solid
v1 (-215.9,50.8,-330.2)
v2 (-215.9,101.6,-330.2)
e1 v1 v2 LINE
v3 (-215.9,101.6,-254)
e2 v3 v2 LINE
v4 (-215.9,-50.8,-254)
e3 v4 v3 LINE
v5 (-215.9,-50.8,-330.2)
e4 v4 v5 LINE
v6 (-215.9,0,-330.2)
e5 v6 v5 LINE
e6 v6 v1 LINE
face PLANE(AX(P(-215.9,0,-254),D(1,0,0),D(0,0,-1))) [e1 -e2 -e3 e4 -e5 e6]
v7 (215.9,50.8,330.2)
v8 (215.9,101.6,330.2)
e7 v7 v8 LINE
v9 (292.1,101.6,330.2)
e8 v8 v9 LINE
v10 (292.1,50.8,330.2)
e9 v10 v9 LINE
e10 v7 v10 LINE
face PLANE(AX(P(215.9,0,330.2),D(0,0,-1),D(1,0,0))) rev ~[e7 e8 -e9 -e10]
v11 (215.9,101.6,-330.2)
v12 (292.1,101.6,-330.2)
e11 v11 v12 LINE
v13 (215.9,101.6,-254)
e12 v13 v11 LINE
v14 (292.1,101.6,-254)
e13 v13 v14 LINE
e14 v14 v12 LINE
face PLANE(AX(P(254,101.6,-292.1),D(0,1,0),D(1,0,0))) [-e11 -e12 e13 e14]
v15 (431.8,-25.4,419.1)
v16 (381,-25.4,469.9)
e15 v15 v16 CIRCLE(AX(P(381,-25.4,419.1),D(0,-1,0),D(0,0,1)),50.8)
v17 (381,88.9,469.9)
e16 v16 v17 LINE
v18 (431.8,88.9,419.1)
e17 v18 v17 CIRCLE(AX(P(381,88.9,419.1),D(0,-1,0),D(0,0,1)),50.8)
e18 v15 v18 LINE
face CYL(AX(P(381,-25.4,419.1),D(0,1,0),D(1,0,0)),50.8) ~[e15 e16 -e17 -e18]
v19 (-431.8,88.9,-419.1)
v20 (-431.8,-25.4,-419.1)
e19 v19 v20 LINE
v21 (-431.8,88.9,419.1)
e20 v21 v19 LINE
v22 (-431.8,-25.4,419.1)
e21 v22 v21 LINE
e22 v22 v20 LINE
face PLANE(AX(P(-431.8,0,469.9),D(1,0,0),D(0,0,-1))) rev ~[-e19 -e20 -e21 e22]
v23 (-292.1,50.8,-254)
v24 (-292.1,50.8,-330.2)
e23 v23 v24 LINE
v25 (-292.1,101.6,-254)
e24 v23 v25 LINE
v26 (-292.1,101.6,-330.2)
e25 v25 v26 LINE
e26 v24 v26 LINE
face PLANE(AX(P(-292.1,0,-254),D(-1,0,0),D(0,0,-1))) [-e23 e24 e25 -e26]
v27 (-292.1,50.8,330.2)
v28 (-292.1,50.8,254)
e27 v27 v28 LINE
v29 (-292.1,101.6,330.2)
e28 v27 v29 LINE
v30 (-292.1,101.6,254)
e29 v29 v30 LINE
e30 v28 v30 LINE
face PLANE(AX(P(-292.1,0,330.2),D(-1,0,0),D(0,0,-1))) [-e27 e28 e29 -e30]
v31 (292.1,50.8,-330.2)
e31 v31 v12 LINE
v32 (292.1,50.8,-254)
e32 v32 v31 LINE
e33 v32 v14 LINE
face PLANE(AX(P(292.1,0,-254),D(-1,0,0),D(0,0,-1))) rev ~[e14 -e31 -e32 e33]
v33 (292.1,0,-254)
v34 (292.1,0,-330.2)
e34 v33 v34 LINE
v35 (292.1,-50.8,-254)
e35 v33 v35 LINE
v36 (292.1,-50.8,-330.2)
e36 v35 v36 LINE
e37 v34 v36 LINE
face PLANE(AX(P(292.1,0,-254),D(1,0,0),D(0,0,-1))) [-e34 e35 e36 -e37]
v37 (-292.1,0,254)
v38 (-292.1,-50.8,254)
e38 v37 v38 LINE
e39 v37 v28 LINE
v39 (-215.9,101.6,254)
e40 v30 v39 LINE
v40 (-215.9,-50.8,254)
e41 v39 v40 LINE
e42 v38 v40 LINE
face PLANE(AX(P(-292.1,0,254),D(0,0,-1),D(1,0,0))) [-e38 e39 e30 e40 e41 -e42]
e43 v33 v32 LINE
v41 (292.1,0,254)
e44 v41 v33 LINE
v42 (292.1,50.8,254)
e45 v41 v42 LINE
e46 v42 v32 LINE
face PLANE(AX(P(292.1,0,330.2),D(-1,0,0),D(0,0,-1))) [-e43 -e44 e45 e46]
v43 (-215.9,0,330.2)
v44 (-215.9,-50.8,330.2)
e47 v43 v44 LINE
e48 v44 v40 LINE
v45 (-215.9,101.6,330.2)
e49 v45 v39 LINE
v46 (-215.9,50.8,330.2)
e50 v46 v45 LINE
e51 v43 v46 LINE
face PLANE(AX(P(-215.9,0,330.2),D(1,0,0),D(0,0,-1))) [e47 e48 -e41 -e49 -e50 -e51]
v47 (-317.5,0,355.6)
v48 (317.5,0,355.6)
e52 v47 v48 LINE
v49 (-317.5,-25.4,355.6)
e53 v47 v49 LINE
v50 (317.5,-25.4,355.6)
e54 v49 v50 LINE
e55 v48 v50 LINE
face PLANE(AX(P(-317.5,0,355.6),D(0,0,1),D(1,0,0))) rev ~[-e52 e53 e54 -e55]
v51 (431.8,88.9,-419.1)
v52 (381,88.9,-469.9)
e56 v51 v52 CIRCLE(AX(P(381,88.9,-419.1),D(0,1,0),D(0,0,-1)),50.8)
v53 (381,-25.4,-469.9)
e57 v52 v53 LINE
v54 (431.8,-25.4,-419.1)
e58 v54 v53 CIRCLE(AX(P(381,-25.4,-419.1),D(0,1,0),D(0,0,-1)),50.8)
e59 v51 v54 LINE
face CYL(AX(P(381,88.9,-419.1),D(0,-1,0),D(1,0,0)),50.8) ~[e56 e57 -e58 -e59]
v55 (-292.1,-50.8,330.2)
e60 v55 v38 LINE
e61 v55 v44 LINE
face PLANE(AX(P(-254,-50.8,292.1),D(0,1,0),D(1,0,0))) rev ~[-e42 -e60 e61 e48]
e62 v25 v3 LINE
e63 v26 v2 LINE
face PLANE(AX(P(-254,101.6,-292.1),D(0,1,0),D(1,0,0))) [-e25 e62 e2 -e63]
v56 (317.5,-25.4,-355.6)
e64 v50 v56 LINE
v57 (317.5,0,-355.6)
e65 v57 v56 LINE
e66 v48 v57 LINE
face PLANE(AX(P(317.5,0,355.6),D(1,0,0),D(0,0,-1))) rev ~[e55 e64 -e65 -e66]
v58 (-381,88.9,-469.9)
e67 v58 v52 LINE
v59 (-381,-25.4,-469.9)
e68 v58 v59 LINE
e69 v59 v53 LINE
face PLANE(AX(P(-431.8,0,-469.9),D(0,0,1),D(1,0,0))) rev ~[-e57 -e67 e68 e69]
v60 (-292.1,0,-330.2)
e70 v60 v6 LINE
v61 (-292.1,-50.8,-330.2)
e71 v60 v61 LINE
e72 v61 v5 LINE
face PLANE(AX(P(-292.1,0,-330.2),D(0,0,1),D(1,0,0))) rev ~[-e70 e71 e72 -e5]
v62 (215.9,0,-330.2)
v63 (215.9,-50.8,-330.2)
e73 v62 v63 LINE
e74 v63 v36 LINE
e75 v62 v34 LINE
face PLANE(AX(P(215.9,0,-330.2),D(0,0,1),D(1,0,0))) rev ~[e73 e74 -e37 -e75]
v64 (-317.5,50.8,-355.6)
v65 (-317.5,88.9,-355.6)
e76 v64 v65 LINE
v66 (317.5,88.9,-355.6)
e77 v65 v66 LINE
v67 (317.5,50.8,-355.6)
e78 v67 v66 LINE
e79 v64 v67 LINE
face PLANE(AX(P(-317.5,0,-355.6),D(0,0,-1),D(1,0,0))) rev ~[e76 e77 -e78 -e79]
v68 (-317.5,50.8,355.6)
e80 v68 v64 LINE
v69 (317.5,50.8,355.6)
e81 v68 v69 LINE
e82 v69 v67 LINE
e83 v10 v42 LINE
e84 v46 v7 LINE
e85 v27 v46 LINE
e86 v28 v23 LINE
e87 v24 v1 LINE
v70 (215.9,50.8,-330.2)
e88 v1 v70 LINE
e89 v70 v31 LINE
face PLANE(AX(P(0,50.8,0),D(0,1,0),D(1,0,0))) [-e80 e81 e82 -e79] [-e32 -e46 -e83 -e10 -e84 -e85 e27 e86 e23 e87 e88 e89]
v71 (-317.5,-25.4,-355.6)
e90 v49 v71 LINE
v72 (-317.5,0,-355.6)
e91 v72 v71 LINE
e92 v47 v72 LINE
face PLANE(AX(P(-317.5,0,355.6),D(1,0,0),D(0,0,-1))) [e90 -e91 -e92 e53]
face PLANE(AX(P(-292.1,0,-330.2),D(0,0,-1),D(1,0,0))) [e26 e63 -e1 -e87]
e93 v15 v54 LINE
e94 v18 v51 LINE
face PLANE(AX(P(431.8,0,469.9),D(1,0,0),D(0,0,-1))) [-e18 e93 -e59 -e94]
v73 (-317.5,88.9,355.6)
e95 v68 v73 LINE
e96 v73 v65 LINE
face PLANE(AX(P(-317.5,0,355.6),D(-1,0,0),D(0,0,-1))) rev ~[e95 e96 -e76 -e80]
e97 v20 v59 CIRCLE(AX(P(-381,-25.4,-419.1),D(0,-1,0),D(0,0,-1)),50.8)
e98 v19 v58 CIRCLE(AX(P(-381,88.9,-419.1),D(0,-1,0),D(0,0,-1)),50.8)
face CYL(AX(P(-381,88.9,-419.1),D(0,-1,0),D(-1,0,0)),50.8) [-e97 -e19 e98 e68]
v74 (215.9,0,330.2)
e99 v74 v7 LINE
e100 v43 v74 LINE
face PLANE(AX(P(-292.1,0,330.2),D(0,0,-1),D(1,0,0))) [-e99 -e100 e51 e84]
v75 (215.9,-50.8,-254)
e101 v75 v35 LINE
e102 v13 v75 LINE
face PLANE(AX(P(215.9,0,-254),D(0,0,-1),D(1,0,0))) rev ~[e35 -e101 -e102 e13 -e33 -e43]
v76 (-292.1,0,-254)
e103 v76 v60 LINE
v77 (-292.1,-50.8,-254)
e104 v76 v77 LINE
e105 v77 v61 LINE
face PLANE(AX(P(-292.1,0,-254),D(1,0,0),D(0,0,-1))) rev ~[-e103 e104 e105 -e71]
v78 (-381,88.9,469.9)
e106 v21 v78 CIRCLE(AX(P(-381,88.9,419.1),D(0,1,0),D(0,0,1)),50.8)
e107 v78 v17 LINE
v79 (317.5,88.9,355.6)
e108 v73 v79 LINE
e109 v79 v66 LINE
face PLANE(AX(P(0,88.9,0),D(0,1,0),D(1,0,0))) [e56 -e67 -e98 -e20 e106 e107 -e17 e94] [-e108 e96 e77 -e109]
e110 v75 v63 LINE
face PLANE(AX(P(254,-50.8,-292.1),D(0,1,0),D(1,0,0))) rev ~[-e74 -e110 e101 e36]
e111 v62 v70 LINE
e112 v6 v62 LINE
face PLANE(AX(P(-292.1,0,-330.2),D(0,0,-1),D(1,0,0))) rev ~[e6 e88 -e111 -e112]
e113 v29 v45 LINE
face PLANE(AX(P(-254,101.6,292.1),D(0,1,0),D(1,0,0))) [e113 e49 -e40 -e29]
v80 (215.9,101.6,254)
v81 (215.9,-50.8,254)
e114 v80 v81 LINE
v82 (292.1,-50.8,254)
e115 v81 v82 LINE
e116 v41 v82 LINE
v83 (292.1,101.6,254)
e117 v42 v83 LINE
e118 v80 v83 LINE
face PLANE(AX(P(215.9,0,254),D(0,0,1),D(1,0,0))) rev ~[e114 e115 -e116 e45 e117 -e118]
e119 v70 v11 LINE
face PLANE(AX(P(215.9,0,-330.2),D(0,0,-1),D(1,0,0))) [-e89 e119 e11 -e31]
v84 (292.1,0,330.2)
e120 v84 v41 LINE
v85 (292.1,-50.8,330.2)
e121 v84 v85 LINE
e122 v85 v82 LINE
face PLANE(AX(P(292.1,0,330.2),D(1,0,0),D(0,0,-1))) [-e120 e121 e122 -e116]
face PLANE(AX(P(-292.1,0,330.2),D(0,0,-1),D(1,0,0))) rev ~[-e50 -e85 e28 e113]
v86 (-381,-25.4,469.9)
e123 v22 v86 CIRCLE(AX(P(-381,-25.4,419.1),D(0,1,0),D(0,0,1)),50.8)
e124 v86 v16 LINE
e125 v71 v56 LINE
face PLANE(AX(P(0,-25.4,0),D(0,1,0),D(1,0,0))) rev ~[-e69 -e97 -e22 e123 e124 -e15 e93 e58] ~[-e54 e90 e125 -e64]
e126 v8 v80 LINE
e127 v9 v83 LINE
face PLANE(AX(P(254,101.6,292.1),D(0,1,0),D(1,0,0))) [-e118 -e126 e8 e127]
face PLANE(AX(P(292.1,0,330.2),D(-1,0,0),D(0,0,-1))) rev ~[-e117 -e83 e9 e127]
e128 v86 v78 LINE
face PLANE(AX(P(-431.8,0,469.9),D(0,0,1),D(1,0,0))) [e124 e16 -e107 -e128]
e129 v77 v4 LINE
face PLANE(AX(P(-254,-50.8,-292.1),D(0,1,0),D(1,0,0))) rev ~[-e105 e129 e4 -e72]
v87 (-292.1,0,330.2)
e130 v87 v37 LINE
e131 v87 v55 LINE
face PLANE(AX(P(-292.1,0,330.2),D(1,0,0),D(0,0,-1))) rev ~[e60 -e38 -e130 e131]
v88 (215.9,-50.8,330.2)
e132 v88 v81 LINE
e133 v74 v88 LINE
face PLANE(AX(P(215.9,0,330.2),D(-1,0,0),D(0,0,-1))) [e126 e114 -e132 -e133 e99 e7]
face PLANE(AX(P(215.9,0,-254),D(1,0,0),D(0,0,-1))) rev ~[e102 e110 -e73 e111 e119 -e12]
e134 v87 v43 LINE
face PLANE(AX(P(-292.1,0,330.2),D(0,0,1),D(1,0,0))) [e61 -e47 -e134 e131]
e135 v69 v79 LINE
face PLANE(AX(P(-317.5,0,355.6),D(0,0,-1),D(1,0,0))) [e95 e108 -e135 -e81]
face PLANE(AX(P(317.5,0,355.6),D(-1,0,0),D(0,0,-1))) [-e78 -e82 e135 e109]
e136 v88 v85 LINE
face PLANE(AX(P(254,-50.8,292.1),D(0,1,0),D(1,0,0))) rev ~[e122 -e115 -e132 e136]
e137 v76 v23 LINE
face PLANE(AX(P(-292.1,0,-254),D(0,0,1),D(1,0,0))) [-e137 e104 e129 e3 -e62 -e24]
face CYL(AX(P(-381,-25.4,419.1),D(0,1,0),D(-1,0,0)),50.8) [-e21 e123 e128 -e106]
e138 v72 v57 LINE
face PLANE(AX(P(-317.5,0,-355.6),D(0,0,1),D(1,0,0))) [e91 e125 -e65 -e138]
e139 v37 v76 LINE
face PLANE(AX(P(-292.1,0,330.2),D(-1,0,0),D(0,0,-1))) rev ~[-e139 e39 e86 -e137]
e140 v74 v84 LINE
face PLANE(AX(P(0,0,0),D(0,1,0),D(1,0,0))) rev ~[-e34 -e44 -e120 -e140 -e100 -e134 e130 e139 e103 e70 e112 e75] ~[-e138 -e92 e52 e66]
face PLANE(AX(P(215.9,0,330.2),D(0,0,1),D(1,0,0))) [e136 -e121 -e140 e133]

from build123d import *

# Parameters (mm, degrees)
SKETCH1_W                = 635
SKETCH1_H                = 711.2
SKETCH1_W_2              = 584.2
SKETCH1_H_2              = 660.4
BOSS_EXTRUDE2_DEPTH      = 50.8
SKETCH1_3_W              = 76.2
SKETCH1_3_H              = 76.2
BOSS_EXTRUDE3_DEPTH      = 101.6
BOSS_EXTRUDE3_DEPTH_BACK = 50.8
SKETCH3_W                = 863.6
SKETCH3_H                = 939.8
SKETCH3_W_2              = 635
SKETCH3_H_2              = 711.2
BOSS_EXTRUDE4_DEPTH      = 88.9
BOSS_EXTRUDE4_DEPTH_BACK = 25.4
FILLET1_R                = 50.8


with BuildPart() as part:
    # Sketch1 → Boss-Extrude2 (new body)
    with BuildSketch(Plane(origin=(0, 0, 0), x_dir=(1, 0, 0), z_dir=(0, 1, 0))):
        Rectangle(SKETCH1_W, SKETCH1_H)
        Rectangle(SKETCH1_W_2, SKETCH1_H_2, mode=Mode.SUBTRACT)
    extrude(amount=BOSS_EXTRUDE2_DEPTH)

    # Sketch1<3> → Boss-Extrude3 (add, two sides)
    with BuildSketch(Plane(origin=(0, 0, 0), x_dir=(1, 0, 0), z_dir=(0, 1, 0))) as boss_extrude3_sk:
        with Locations((-254, 292.1)):
            Rectangle(SKETCH1_3_W, SKETCH1_3_H)
        with Locations((254, 292.1)):
            Rectangle(SKETCH1_3_W, SKETCH1_3_H)
        with Locations((254, -292.1)):
            Rectangle(SKETCH1_3_W, SKETCH1_3_H)
        with Locations((-254, -292.1)):
            Rectangle(SKETCH1_3_W, SKETCH1_3_H)
    extrude(amount=BOSS_EXTRUDE3_DEPTH)
    extrude(boss_extrude3_sk.sketch, amount=-BOSS_EXTRUDE3_DEPTH_BACK)

    # Sketch3 → Boss-Extrude4 (add, two sides)
    with BuildSketch(Plane(origin=(0, 0, 0), x_dir=(1, 0, 0), z_dir=(0, 1, 0))) as boss_extrude4_sk:
        Rectangle(SKETCH3_W, SKETCH3_H)
        Rectangle(SKETCH3_W_2, SKETCH3_H_2, mode=Mode.SUBTRACT)
    extrude(amount=BOSS_EXTRUDE4_DEPTH)
    extrude(boss_extrude4_sk.sketch, amount=-BOSS_EXTRUDE4_DEPTH_BACK)

    # Fillet1
    fillet1_edges = [part.edges().sort_by_distance(p)[0] for p in [
        (-431.8, 31.75, 469.9),
        (-431.8, 31.75, -469.9),
        (431.8, 31.75, -469.9),
        (431.8, 31.75, 469.9),
    ]]
    fillet(fillet1_edges, radius=FILLET1_R)


solid = part.part
